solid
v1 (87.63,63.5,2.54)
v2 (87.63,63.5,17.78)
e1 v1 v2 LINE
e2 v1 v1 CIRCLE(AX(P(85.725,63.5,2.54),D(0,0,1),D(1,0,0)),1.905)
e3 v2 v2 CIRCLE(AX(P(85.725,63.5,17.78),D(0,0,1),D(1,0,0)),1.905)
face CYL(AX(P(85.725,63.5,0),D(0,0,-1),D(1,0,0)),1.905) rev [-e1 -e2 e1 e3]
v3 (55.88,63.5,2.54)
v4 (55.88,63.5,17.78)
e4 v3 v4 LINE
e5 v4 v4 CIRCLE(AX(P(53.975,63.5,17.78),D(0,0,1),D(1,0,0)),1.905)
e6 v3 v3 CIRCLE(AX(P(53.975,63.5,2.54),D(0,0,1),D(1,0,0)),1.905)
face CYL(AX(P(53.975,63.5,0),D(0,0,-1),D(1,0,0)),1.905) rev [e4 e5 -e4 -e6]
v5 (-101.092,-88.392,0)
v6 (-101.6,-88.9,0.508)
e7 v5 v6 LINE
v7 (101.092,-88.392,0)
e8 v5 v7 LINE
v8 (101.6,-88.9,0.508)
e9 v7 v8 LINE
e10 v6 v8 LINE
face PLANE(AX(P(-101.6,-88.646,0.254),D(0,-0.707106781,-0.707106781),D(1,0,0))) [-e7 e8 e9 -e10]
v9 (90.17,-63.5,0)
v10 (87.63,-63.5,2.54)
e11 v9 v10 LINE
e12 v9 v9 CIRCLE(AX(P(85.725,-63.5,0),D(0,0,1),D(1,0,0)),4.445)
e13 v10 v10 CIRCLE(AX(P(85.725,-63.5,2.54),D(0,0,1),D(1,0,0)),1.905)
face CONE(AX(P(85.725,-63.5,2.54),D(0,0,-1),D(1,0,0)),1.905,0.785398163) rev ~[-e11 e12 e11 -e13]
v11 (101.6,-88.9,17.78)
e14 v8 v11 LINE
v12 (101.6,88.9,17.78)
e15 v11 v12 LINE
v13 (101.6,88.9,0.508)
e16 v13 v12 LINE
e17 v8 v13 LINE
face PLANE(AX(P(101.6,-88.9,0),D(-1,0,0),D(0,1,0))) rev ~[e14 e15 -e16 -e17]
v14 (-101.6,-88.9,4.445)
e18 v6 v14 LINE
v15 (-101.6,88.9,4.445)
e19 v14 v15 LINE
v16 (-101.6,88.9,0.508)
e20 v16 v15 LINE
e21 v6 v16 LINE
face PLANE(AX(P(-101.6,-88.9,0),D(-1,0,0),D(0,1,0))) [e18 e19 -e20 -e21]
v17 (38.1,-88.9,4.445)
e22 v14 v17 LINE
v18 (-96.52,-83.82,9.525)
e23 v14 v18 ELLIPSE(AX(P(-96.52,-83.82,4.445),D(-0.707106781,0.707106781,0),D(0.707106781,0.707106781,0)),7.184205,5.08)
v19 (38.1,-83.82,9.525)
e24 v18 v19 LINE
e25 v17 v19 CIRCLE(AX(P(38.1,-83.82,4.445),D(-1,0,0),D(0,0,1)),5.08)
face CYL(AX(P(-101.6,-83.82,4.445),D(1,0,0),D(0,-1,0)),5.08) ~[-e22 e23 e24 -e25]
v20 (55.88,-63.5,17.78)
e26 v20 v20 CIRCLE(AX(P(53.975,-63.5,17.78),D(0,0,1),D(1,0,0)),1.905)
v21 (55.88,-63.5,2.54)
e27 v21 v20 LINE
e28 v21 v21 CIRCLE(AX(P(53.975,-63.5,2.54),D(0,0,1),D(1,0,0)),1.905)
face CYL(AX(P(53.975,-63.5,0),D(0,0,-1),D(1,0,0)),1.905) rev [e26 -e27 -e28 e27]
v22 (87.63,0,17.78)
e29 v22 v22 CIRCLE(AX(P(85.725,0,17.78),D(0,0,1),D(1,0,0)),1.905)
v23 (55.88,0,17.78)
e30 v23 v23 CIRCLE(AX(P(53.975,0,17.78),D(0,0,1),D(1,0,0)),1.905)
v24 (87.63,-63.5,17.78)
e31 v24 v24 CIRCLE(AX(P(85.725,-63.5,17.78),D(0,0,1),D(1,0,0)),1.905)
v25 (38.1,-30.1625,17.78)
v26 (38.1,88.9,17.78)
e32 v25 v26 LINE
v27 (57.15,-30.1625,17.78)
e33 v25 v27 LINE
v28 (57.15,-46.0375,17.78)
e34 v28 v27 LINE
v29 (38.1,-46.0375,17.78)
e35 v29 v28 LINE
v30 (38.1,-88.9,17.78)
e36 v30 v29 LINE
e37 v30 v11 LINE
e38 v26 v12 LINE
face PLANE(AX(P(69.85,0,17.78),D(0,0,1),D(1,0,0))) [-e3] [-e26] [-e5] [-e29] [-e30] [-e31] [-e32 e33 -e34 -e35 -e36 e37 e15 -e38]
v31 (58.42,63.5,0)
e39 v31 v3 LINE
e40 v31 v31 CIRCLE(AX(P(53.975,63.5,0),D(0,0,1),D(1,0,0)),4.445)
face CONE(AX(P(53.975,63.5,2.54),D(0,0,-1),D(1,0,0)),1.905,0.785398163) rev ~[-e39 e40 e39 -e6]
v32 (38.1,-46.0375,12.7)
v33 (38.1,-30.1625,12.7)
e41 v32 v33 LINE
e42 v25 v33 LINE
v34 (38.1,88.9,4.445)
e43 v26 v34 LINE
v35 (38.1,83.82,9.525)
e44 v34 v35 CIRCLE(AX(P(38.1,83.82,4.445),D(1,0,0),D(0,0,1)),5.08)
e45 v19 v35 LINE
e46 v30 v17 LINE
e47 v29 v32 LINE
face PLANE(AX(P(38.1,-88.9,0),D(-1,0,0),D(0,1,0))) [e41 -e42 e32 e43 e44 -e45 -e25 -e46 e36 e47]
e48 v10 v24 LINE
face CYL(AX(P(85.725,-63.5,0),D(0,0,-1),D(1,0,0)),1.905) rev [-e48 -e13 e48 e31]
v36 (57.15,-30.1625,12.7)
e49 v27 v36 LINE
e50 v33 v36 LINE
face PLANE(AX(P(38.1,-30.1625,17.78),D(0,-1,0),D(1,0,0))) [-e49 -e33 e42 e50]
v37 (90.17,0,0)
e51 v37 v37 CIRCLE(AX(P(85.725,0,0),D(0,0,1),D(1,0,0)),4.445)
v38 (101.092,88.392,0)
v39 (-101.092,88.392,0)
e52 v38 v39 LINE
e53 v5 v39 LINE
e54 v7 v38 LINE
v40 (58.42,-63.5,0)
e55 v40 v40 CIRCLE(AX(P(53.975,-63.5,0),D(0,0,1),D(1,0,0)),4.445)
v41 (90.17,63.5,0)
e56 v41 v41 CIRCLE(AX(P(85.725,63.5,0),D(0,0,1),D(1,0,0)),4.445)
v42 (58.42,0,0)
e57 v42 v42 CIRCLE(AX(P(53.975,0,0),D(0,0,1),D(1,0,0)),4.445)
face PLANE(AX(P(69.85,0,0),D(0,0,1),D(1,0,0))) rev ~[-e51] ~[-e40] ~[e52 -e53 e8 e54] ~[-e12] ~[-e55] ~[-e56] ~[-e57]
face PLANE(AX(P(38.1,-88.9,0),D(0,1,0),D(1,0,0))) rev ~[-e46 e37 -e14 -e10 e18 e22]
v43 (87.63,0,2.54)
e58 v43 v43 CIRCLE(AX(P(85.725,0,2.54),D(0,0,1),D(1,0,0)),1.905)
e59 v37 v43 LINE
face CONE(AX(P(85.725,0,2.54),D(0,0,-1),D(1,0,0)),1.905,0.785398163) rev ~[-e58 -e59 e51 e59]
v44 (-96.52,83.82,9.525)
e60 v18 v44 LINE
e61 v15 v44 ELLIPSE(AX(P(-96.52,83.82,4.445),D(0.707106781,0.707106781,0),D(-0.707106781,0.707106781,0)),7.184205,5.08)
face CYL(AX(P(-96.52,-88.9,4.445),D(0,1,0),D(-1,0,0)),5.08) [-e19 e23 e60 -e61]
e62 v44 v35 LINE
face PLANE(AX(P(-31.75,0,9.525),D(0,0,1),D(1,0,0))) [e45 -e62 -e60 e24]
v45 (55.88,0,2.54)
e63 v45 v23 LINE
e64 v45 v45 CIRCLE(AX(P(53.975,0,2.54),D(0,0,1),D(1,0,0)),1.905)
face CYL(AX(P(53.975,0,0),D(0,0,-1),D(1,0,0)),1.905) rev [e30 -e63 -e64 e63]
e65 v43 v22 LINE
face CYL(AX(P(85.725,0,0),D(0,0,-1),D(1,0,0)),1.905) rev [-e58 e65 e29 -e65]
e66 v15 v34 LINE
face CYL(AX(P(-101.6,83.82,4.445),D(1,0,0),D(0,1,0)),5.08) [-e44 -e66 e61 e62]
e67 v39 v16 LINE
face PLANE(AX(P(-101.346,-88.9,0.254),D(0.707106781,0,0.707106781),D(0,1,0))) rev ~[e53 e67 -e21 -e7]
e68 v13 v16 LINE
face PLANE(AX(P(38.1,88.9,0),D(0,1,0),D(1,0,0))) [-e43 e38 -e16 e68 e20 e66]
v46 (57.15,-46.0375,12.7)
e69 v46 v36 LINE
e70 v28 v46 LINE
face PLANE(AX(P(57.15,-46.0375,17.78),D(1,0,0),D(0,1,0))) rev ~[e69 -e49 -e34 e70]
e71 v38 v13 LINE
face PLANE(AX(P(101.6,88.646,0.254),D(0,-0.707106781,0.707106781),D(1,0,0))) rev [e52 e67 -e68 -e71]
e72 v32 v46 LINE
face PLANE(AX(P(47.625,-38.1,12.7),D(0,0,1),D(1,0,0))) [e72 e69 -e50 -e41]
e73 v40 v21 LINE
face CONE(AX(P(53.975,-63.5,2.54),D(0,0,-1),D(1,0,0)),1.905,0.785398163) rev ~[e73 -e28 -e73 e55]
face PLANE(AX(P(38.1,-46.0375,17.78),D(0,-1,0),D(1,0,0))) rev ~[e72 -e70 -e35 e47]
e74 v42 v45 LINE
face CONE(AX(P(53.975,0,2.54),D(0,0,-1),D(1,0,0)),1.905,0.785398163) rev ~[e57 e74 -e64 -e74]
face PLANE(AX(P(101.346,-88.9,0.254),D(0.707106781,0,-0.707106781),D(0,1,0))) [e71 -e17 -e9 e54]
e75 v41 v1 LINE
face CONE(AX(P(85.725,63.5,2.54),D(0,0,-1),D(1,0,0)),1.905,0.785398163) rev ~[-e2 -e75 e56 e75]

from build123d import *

# Parameters (mm, degrees)
F0_W     = 139.7
F0_H     = 177.8
F1_DEPTH = 9.525
F0_W_2   = 63.5
F0_R     = 1.905
F2_DEPTH = 17.78
F3_SIZE  = 2.54
F4_SIZE  = 0.508
F5_R     = 5.08
F6_W     = 19.05
F6_H     = 15.875
F7_DEPTH = 5.08


with BuildPart() as f1:
    # F0 (on Top) → F1 (new body)
    with BuildSketch(Plane.XY):
        with Locations((-31.75, 0)):
            Rectangle(F0_W, F0_H)
    extrude(amount=F1_DEPTH)

    # F0 (on Top) → F2 (join)
    with BuildSketch(Plane.XY):
        with Locations((69.85, 0)):
            Rectangle(F0_W_2, F0_H)
        with Locations((53.975, -63.5)):
            Circle(F0_R, mode=Mode.SUBTRACT)
        with Locations((85.725, -63.5)):
            Circle(F0_R, mode=Mode.SUBTRACT)
        with Locations((53.975, 0)):
            Circle(F0_R, mode=Mode.SUBTRACT)
        with Locations((85.725, 0)):
            Circle(F0_R, mode=Mode.SUBTRACT)
        with Locations((53.975, 63.5)):
            Circle(F0_R, mode=Mode.SUBTRACT)
        with Locations((85.725, 63.5)):
            Circle(F0_R, mode=Mode.SUBTRACT)
    extrude(amount=F2_DEPTH)

    # F3
    f3_edges = [f1.edges().sort_by_distance(p)[0] for p in [
        (52.07, -63.5, 0),
        (83.82, -63.5, 0),
        (52.07, 0, 0),
        (83.82, 0, 0),
        (52.07, 63.5, 0),
        (83.82, 63.5, 0),
    ]]
    chamfer(f3_edges, length=F3_SIZE)

    # F4
    f4_edges = [f1.edges().sort_by_distance(p)[0] for p in [
        (0, -88.9, 0),
        (101.6, 0, 0),
        (0, 88.9, 0),
        (-101.6, 0, 0),
    ]]
    chamfer(f4_edges, length=F4_SIZE)

    # F5
    f5_edges = [f1.edges().sort_by_distance(p)[0] for p in [
        (-31.75, -88.9, 9.525),
        (-101.6, 0, 9.525),
        (-31.75, 88.9, 9.525),
    ]]
    fillet(f5_edges, radius=F5_R)

    # F6 (on face) → F7 (cut)
    with BuildSketch(Plane.XY.offset(17.78)):
        with Locations((47.625, -38.1)):
            Rectangle(F6_W, F6_H)
    extrude(amount=-F7_DEPTH, mode=Mode.SUBTRACT)


solid = f1.part
